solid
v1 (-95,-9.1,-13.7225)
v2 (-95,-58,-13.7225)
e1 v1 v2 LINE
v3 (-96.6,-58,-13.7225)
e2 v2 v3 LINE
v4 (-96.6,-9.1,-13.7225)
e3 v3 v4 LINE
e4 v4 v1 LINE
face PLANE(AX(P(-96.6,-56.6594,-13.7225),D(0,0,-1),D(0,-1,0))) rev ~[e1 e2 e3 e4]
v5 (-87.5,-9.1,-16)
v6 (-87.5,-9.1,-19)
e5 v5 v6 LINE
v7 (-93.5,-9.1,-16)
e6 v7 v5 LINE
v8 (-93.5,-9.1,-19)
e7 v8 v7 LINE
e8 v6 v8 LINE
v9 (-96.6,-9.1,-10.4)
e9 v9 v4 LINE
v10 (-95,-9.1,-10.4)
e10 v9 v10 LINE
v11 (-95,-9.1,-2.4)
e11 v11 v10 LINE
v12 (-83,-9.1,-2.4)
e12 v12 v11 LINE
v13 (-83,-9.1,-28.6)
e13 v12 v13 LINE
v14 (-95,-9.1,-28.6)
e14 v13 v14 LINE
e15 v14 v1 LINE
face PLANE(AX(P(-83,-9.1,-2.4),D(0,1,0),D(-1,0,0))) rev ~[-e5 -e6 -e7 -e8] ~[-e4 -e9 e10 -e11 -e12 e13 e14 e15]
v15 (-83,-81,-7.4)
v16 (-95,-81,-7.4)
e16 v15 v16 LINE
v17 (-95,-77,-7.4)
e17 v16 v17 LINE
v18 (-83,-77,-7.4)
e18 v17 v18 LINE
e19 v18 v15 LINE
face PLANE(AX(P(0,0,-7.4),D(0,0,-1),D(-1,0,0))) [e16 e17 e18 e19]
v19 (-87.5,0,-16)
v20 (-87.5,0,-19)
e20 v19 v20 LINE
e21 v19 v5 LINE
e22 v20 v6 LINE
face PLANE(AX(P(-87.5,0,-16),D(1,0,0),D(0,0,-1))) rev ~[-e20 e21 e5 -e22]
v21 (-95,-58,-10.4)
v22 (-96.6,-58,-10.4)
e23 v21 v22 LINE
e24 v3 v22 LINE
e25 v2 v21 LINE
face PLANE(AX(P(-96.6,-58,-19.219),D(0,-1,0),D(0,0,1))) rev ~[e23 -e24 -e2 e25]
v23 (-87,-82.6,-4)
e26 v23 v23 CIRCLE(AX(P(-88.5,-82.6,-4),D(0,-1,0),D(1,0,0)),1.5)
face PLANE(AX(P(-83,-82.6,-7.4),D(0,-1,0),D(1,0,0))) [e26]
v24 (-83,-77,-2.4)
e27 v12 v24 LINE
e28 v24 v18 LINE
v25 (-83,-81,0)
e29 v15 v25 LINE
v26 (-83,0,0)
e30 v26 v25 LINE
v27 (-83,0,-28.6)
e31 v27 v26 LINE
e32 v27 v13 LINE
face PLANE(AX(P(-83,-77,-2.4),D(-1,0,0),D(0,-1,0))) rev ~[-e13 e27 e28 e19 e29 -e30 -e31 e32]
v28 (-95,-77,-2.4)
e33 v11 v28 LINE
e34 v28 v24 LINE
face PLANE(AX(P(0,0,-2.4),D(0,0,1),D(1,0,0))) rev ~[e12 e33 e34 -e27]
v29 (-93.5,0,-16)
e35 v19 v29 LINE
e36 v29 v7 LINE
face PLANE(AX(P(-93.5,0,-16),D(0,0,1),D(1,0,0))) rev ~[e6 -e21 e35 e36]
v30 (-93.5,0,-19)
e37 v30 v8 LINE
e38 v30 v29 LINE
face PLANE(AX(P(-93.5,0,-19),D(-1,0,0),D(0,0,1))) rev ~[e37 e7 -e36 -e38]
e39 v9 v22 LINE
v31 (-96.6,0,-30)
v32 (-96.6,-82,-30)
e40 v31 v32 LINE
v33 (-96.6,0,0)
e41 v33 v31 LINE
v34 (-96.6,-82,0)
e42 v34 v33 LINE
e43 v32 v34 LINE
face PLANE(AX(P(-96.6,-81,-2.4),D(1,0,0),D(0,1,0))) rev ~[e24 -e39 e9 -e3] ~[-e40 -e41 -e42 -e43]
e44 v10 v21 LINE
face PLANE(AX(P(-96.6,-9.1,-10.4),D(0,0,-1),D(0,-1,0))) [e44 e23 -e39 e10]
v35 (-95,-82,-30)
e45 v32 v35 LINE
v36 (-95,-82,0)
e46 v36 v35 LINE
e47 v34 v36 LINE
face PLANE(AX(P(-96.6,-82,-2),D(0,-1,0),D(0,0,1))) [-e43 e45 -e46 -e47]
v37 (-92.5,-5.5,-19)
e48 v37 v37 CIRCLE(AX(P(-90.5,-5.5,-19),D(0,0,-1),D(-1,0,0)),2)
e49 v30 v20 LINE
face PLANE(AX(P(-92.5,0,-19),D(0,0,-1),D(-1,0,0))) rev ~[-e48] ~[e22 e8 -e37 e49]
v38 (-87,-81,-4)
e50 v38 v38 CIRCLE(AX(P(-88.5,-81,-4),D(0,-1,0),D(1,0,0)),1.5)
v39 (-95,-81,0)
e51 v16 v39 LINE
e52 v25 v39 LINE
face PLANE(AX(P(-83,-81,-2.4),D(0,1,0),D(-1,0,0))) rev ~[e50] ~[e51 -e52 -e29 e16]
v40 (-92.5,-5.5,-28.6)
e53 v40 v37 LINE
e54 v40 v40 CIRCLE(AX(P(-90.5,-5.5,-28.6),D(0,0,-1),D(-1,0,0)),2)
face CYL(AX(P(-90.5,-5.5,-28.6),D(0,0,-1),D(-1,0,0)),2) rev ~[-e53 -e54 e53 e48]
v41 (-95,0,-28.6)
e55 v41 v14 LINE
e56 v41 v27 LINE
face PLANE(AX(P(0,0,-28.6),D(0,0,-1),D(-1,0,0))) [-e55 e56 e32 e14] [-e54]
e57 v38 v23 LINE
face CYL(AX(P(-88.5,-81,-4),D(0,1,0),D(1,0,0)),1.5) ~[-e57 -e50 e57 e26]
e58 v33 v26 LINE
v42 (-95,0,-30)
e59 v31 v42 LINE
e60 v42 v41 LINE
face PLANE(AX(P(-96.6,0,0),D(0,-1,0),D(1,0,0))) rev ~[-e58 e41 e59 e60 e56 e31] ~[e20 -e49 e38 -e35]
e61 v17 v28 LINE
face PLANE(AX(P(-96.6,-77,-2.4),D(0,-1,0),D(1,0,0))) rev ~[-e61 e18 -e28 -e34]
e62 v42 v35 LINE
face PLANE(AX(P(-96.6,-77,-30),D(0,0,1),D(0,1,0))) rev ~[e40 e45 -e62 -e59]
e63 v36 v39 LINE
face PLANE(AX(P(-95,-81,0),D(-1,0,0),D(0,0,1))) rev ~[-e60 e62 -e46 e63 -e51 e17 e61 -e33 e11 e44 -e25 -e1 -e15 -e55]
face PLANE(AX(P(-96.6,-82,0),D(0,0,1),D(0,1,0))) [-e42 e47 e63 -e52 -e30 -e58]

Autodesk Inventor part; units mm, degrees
ref_plane "YZ Plane" through (0, 0, 0) normal (1, 0, 0) x (0, 1, 0)
ref_plane "XZ Plane" through (0, 0, 0) normal (0, 1, 0) x (-1, 0, 0)
ref_plane "XY Plane" through (0, 0, 0) normal (0, 0, 1) x (1, 0, 0)
ref_plane "Work Plane1" through (0, 0, 0) normal (0, 0, 1) x (1, 0, 0)
sketch "Sketch1" plane through (0, 0, 0) normal (0, 0, 1) x (1, 0, 0)
  line L0 (-83, -0.5) -> (-83, -81) projected
  line L1 (2, -82) -> (-93, -82) projected
  line L2 (-95, -2) -> (-95, -80) projected
  line L3 (-83, -81) -> (-96.6, -81)
  line L4 (-96.6, -81) -> (-96.6, 0)
  line L5 (-96.6, 0) -> (-83, 0)
  line L6 (-83, 0) -> (-83, -81)
  point P0 (0, 0)
  dimension "d0" = 1.6
extrude "Extrusion1" add sketch "Sketch1" against normal blind 2.4
sketch "Sketch2" plane through (0, 0, -2.4) normal (0, 0, -1) x (-1, 0, 0)
  line L0 (94, -9.5) -> (83, -9.5) projected
  line L1 (94, -57.961) -> (76.85, -57.961) projected
  line L2 (83, -81) -> (96.6, -81) projected
  line L3 (83, 0) -> (83, -81) projected
  line L4 (96.6, 0) -> (83, 0)
  line L5 (83, 0) -> (83, -9.1)
  line L6 (83, -9.1) -> (96.6, -9.1)
  line L7 (96.6, -9.1) -> (96.6, 0)
  point P0 (0, 0)
  dimension "d3" = 0.4
extrude "Extrusion2" add sketch "Sketch2" along normal blind 26.2
sketch "Sketch3" plane through (0, 0, -2.4) normal (0, 0, -1) x (-1, 0, 0)
  line L0 (96.6, -81) -> (96.6, -9.1) projected
  line L1 (83, -81) -> (96.6, -81)
  line L2 (96.6, -81) -> (96.6, -77)
  line L3 (96.6, -77) -> (83, -77)
  line L4 (83, -77) -> (83, -81)
  point P0 (0, 0)
  dimension "d6" = 4
extrude "Extrusion3" add sketch "Sketch3" along normal blind 5
sketch "Sketch4" plane through (-96.6, -81, 0) normal (-1, 0, 0) x (0, 0, 1)
  line L0 (-2.4, 71.9) -> (-2.4, 4) projected
  line L1 (-2.4, 71.9) -> (-10.4, 71.9)
  line L2 (-10.4, 71.9) -> (-10.4, 4)
  line L3 (-10.4, 4) -> (-2.4, 4)
  line L4 (-2.4, 4) -> (-2.4, 71.9)
  line L5 (-2.4, 4) -> (-7.4, 4) projected
  line L6 (-30, 1) -> (-30, 79) projected
  line L7 (-30, 71.9) -> (-13.7225, 71.9)
  line L8 (-13.7225, 71.9) -> (-13.7225, 4)
  line L9 (-13.7225, 4) -> (-30, 4)
  line L10 (-30, 4) -> (-30, 71.9)
  line L11 (-13.7225, 24.3406) -> (-13.7225, 32.8941) projected
  line L12 (-28.6, 71.9) -> (-30, 71.9)
  line L13 (-30, 71.9) -> (-30, 81)
  line L14 (-30, 81) -> (-28.6, 81)
  line L15 (-28.6, 81) -> (-28.6, 71.9)
  point P0 (0, 81)
  dimension "d9" = 8
extrude "Extrusion4" add sketch "Sketch4" against normal blind 1.6
sketch "Sketch5" plane through (-96.6, -81, 0) normal (-1, 0, 0) x (0, 0, 1)
  line L0 (-19.219, 23) -> (-0.5, 23) projected
  line L1 (-2, -1) -> (-28, -1) projected
  line L2 (-30, 81) -> (-30, 4) projected
  line L3 (0, 81) -> (0, 0) projected
  line L4 (0, 23) -> (-30, 23)
  line L5 (-30, 23) -> (-30, -1)
  line L6 (-30, -1) -> (0, -1)
  line L7 (0, -1) -> (0, 23)
  point P0 (-0.5, 23)
  point P1 (-28, -1)
extrude "Extrusion5" add sketch "Sketch5" against normal blind 1.6
sketch "Sketch6" plane through (-83, -81, -7.4) normal (0, -1, 0) x (1, 0, 0)
  circle A0 centre (-5.5, 3.4) radius 1.75 projected
  circle A1 centre (-5.5, 3.4) radius 1.5
  point P0 (83, 7.4)
  dimension "d14" = 3
extrude "Extrusion6" add sketch "Sketch6" along normal blind 1.6 contours A1
sketch "Sketch7" plane through (0, 0, -28.6) normal (0, 0, -1) x (-1, 0, 0)
  circle A0 centre (90.5, -5.5) radius 1.75 projected
  circle A1 centre (90.5, -5.5) radius 2
  point P0 (0, 0)
  dimension "d17" = 4
extrude "Extrusion7" cut sketch "Sketch7" against normal blind 12 contours A0 | A1
sketch "Sketch9" plane through (-96.6, 0, 0) normal (0, 1, 0) x (1, 0, 0)
  line L0 (3.1, 16) -> (9.1, 16)
  line L1 (9.1, 16) -> (9.1, 19)
  line L2 (9.1, 19) -> (3.1, 19)
  line L3 (3.1, 19) -> (3.1, 16)
  line L4 (0, 30) -> (1.6, 30) projected
  line L5 (4.1, 28.6) -> (4.1, 16.6) projected
  line L6 (8.1, 28.6) -> (8.1, 16.6) projected
  line L7 (6.1, 36) -> (6.1, -6) projected
  point P0 (96.6, 0)
  dimension "d23" = 3
  dimension "d24" = 6
  dimension "d25" = 11
  dimension "d26" = 3
extrude "Extrusion8" cut sketch "Sketch9" against normal through all
properties part number "Main"
